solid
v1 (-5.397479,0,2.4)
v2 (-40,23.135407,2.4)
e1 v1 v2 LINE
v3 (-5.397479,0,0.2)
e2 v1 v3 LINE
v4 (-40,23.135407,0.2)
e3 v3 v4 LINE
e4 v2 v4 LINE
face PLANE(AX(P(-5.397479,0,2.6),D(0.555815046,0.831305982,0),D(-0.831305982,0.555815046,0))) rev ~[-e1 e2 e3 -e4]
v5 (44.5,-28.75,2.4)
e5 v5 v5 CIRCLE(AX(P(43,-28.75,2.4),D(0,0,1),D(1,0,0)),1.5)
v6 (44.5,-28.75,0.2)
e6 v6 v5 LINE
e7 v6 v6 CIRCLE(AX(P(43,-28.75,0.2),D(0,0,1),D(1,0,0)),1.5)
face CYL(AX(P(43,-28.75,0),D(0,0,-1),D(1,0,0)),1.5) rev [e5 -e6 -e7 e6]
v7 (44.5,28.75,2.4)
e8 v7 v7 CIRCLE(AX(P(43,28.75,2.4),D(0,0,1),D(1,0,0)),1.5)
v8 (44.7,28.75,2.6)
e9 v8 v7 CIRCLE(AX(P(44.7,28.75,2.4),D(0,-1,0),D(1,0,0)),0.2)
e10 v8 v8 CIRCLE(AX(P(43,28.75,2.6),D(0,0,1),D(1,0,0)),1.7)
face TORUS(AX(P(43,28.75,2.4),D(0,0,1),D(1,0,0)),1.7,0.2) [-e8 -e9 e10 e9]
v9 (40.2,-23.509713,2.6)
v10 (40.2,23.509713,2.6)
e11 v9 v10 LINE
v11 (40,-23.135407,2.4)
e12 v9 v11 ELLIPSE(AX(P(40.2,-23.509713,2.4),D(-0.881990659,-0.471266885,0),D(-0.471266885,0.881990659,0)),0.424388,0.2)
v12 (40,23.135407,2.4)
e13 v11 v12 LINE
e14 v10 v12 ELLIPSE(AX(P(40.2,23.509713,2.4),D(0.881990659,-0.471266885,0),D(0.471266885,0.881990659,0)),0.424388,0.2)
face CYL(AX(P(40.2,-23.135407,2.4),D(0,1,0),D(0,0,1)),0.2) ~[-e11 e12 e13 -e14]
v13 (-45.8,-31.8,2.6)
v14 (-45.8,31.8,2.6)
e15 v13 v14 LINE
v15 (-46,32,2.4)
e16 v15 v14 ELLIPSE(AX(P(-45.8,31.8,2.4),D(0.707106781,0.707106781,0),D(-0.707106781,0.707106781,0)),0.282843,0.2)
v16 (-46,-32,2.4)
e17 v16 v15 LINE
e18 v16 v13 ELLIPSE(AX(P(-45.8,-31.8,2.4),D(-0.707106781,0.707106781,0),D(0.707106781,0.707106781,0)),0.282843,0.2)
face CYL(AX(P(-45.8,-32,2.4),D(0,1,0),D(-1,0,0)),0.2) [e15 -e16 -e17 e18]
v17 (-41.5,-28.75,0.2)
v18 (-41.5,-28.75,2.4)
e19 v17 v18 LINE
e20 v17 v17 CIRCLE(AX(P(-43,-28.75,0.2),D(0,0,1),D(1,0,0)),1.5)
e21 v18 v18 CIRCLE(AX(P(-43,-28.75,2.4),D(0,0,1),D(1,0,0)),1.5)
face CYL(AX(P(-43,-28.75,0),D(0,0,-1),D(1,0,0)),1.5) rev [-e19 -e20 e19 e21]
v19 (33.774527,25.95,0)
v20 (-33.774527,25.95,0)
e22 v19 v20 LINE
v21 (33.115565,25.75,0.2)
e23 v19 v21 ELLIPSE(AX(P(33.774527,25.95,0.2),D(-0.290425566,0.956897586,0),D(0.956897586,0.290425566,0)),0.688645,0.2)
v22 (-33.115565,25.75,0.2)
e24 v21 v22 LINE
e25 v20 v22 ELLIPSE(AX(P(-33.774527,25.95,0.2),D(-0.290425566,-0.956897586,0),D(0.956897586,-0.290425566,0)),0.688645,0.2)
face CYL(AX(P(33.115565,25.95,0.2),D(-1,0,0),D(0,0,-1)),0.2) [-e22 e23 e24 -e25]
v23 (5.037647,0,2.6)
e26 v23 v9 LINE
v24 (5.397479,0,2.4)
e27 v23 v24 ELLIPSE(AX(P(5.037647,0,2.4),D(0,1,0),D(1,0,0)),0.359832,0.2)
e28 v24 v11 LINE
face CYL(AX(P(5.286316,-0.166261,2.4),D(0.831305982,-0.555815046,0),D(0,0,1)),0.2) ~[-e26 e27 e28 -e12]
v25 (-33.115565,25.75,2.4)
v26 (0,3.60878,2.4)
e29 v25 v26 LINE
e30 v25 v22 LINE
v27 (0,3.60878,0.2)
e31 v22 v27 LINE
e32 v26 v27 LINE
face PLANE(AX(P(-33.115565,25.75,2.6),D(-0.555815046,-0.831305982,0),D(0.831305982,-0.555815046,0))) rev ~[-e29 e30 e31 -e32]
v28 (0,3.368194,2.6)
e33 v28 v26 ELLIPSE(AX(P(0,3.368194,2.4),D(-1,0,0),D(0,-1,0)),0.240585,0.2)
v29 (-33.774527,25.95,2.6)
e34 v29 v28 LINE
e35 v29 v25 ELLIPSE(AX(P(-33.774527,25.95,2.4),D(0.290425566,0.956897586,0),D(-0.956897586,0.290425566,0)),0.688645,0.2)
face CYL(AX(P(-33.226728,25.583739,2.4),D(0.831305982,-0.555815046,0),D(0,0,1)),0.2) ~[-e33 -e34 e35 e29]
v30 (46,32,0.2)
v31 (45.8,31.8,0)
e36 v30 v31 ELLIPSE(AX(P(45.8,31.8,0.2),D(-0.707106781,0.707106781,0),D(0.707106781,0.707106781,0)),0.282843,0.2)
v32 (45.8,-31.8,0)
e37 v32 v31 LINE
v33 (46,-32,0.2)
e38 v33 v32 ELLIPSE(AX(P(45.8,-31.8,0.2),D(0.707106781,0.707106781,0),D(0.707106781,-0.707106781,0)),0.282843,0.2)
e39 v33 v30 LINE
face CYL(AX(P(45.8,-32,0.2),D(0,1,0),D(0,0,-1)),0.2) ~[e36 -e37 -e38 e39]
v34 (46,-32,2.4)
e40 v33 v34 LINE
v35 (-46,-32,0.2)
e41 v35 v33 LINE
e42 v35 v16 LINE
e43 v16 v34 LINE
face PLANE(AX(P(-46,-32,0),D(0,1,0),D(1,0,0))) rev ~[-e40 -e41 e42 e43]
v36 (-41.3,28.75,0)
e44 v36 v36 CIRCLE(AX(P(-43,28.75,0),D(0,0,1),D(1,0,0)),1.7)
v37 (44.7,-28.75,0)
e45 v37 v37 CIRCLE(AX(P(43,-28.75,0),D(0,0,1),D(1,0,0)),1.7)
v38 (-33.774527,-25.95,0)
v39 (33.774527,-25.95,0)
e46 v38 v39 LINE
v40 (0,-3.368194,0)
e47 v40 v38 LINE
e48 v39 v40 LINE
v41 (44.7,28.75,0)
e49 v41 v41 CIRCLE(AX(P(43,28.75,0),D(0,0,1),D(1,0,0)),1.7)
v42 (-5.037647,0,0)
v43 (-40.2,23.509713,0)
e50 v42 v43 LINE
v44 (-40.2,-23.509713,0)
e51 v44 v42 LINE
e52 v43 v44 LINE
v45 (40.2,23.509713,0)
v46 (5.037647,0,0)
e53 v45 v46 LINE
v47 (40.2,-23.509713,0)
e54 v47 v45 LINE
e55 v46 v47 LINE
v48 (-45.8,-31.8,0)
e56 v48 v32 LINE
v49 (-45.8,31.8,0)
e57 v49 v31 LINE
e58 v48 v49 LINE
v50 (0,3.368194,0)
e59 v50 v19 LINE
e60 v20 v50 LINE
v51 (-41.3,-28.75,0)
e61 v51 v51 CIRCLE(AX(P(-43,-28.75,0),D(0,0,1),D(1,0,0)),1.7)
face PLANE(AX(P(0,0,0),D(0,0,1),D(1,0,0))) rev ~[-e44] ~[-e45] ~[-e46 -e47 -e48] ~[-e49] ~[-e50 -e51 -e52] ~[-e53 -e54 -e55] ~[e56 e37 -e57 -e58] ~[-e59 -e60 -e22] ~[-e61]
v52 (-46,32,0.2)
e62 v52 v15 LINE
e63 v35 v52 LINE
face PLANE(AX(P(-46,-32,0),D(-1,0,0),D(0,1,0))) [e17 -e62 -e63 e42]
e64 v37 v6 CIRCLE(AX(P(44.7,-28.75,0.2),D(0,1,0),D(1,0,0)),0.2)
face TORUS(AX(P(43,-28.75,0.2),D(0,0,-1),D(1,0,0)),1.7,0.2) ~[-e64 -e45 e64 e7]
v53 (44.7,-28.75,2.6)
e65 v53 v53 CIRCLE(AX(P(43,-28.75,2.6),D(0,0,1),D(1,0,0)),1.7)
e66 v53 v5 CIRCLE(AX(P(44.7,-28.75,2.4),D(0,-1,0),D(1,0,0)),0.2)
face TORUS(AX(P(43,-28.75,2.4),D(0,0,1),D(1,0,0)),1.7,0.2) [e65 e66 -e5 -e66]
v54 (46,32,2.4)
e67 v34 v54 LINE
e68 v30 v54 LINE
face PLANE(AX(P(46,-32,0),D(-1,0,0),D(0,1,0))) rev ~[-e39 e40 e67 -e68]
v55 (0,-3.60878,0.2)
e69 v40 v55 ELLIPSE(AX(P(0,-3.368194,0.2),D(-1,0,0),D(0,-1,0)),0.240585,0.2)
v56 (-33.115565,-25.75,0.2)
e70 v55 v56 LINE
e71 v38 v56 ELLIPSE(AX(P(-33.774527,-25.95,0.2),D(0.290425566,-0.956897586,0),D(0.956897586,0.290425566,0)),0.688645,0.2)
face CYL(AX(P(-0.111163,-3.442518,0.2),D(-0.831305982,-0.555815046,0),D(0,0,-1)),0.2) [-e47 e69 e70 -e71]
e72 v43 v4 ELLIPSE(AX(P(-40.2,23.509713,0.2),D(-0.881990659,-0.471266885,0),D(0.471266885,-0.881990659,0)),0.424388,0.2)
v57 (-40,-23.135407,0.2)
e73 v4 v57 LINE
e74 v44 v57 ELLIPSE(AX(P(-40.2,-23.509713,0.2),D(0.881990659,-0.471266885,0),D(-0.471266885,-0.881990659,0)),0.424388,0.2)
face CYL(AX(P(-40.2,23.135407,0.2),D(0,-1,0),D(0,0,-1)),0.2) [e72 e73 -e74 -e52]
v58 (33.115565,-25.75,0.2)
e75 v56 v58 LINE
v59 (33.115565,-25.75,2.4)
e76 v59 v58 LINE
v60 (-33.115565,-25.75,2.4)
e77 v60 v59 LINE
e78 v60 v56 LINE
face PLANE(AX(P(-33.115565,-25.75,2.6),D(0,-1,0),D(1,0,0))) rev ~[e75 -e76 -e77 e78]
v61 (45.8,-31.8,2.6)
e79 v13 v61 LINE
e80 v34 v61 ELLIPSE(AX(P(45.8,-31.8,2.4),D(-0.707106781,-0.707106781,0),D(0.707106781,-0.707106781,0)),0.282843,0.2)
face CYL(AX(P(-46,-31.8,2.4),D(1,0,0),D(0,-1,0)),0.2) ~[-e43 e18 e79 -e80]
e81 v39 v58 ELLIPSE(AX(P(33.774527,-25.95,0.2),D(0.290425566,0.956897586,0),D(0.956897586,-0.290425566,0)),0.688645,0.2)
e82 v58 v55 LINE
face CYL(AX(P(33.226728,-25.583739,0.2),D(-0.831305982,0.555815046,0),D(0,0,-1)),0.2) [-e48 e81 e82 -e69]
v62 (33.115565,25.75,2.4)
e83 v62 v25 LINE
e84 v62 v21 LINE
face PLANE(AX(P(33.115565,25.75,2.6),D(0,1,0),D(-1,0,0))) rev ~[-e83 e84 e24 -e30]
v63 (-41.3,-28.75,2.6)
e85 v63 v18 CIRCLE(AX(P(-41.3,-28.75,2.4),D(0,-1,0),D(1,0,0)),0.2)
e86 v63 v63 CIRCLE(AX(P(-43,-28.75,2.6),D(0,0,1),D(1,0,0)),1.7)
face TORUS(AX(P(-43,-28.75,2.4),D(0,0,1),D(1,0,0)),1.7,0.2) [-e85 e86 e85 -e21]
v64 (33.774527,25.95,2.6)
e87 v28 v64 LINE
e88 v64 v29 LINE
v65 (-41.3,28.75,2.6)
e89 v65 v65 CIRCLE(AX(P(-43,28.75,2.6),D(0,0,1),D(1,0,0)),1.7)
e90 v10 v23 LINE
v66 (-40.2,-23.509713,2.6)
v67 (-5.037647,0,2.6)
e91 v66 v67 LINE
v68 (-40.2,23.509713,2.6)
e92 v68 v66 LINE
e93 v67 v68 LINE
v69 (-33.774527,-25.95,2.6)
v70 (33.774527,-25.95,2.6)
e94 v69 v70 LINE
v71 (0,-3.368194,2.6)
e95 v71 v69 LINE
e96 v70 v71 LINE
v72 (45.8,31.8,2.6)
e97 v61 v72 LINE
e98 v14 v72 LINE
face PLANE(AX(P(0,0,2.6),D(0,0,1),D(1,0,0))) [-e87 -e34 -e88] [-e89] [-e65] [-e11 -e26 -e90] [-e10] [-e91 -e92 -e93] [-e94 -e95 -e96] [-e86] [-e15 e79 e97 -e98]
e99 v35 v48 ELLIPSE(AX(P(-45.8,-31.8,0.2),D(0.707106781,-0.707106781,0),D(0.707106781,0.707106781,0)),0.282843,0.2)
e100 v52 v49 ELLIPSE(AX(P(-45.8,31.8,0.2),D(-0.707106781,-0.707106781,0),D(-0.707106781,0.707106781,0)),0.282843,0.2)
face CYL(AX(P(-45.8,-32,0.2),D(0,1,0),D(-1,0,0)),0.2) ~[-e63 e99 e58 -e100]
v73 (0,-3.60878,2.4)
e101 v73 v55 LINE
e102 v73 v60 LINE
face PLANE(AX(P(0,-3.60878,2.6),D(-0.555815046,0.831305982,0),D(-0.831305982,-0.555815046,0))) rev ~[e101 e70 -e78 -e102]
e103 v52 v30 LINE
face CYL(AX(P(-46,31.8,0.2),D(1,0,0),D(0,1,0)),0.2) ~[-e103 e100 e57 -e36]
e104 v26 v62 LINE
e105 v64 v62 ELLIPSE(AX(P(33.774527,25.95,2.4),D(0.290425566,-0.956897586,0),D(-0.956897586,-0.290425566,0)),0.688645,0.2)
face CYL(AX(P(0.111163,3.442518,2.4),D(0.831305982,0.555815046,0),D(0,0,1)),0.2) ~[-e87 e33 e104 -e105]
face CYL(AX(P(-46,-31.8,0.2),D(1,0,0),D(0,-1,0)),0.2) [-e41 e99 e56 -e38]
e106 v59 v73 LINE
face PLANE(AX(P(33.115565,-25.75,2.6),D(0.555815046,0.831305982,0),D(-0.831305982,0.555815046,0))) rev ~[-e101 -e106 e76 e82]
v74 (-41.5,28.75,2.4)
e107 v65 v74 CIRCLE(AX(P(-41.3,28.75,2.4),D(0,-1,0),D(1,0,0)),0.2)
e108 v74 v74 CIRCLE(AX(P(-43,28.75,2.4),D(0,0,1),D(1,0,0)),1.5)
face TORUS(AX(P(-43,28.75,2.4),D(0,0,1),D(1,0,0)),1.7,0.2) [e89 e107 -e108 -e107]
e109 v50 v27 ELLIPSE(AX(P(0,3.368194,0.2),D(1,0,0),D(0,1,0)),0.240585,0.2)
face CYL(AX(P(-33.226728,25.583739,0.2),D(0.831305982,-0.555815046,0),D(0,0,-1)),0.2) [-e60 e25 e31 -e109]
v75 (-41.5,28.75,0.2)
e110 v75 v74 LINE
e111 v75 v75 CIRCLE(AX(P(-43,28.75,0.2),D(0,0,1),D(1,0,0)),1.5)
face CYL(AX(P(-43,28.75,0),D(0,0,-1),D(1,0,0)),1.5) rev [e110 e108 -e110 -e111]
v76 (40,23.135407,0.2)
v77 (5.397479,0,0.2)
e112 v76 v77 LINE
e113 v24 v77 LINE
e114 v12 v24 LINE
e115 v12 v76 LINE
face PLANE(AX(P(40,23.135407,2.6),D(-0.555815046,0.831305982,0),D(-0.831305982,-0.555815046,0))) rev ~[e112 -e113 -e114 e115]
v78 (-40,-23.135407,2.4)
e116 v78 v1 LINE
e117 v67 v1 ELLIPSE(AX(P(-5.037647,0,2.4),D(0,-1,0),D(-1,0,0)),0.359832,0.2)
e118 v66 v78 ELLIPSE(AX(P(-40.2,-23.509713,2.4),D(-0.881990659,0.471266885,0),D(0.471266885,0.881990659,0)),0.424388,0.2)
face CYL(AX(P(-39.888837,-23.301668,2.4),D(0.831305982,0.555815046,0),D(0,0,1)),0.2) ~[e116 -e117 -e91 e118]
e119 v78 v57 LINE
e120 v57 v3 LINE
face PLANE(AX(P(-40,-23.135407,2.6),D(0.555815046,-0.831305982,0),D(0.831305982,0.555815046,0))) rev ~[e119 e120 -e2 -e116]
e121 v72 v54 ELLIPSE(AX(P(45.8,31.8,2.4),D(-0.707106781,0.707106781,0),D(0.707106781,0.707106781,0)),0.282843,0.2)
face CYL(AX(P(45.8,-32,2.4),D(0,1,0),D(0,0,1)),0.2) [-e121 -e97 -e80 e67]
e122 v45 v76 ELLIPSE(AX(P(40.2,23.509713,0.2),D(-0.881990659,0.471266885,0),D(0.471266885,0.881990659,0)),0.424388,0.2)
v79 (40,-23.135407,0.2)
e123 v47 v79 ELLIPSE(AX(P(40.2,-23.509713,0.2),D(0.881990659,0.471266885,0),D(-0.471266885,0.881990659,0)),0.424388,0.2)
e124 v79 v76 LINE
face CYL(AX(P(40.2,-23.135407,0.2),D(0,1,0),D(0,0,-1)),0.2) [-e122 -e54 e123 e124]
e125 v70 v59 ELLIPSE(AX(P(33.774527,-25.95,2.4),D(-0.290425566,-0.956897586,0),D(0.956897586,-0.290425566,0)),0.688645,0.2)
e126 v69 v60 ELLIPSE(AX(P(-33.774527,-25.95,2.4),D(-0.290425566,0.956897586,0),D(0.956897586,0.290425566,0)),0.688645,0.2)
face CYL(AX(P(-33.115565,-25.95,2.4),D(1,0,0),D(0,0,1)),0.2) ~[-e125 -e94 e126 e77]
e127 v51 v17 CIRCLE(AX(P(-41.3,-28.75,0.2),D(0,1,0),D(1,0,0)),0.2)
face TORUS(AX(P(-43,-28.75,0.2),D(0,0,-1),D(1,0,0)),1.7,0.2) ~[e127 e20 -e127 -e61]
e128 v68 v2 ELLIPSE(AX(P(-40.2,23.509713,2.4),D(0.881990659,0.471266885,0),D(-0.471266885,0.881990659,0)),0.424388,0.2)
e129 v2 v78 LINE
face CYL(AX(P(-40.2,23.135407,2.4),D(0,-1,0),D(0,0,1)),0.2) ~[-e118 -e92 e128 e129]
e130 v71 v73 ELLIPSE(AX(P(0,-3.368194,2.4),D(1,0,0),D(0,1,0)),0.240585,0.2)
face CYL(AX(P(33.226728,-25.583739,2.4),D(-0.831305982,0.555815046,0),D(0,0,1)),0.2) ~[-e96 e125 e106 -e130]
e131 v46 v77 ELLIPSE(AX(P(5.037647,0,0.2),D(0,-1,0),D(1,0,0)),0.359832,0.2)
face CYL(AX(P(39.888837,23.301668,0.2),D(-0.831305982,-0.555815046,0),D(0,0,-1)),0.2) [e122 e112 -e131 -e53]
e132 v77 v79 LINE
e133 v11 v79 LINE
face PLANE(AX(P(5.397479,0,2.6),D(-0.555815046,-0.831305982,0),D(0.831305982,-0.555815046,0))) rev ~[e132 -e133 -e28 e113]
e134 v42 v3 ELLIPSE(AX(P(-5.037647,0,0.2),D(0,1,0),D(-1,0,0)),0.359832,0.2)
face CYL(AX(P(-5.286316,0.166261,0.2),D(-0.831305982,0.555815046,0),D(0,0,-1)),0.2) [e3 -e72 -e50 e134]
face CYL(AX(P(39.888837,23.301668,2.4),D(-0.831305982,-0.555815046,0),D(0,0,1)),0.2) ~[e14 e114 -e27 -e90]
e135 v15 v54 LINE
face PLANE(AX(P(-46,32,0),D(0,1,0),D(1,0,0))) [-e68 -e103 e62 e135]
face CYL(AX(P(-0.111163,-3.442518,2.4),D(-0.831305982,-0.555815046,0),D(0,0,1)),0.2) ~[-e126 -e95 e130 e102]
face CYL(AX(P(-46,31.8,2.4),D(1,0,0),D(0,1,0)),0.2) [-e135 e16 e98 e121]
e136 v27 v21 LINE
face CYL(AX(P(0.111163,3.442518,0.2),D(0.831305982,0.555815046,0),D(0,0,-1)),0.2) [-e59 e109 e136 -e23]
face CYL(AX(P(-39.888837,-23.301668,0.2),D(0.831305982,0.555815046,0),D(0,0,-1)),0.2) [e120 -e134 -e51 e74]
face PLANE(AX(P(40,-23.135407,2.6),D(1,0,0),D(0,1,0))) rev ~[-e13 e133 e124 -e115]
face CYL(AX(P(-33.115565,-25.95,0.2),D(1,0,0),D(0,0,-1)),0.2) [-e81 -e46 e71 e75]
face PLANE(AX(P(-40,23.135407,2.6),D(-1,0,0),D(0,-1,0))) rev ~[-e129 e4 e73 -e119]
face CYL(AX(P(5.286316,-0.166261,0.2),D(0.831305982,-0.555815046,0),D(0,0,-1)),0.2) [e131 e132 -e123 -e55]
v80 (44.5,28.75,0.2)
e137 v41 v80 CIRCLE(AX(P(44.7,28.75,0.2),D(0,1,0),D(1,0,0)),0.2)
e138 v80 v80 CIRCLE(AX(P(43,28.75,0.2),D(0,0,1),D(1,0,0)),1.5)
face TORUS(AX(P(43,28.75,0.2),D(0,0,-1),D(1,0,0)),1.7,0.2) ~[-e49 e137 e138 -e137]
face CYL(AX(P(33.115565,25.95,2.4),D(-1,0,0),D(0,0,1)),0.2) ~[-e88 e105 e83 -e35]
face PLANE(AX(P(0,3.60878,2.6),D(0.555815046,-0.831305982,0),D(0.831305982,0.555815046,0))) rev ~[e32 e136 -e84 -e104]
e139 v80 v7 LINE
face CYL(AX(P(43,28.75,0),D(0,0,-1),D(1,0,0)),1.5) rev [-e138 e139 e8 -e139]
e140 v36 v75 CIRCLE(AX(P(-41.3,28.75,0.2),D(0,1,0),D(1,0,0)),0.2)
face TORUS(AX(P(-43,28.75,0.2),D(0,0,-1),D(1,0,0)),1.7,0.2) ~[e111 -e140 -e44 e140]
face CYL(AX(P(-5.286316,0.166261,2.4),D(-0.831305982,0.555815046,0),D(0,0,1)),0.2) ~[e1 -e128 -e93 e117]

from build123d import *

# Parameters (mm, degrees)
SKETCH_1_W          = 92
SKETCH_1_H          = 64
SKETCH_1_R          = 1.5
EXTRUDE_1_DEPTH     = 2.6
CUT_EXTRUDE_1_DEPTH = 2.6
FILLET_1_R          = 0.2


with BuildPart() as part:
    # 草图1 → 凸台-拉伸1 (new body)
    with BuildSketch(Plane.XY):
        Rectangle(SKETCH_1_W, SKETCH_1_H)
        with Locations((-43, 28.75)):
            Circle(SKETCH_1_R, mode=Mode.SUBTRACT)
        with Locations((43, 28.75)):
            Circle(SKETCH_1_R, mode=Mode.SUBTRACT)
        with Locations((-43, -28.75)):
            Circle(SKETCH_1_R, mode=Mode.SUBTRACT)
        with Locations((43, -28.75)):
            Circle(SKETCH_1_R, mode=Mode.SUBTRACT)
    extrude(amount=EXTRUDE_1_DEPTH)

    # 草图2 → 切除-拉伸1 (cut)
    with BuildSketch(Plane.XY.offset(2.6)):
        Polygon((33.115564546, 25.75), (-33.115564546, 25.75), (0, 3.608779519), align=None)
        Polygon((-33.115564546, -25.75), (33.115564546, -25.75), (0, -3.608779519), align=None)
        Polygon((40, 23.135406528), (5.397478933, 0), (40, -23.135406528), align=None)
        Polygon((-5.397478933, 0), (-40, 23.135406528), (-40, -23.135406528), align=None)
    extrude(amount=-CUT_EXTRUDE_1_DEPTH, mode=Mode.SUBTRACT)

    # 圆角1
    fillet_1_edges = [part.edges().sort_by_distance(p)[0] for p in [
        (-44.5, 28.75, 0),
        (-44.5, 28.75, 2.6),
        (-46, 0, 2.6),
        (41.5, 28.75, 0),
        (41.5, 28.75, 2.6),
        (0, -32, 2.6),
        (-44.5, -28.75, 0),
        (-44.5, -28.75, 2.6),
        (41.5, -28.75, 0),
        (41.5, -28.75, 2.6),
        (40, 0, 2.6),
        (22.698739466, -11.567703264, 2.6),
        (22.698739466, 11.567703264, 2.6),
        (40, 0, 0),
        (22.698739466, -11.567703264, 0),
        (22.698739466, 11.567703264, 0),
        (0, -25.75, 0),
        (-16.557782273, -14.679389759, 0),
        (46, 0, 2.6),
        (0, -32, 0),
        (16.557782273, -14.679389759, 0),
        (0, -25.75, 2.6),
        (16.557782273, -14.679389759, 2.6),
        (-16.557782273, -14.679389759, 2.6),
        (-46, 0, 0),
        (-22.698739466, 11.567703264, 2.6),
        (-22.698739466, -11.567703264, 2.6),
        (-40, 0, 0),
        (-22.698739466, 11.567703264, 0),
        (-22.698739466, -11.567703264, 0),
        (-40, 0, 2.6),
        (0, 32, 0),
        (0, 25.75, 2.6),
        (16.557782273, 14.679389759, 0),
        (-16.557782273, 14.679389759, 0),
        (0, 25.75, 0),
        (-16.557782273, 14.679389759, 2.6),
        (16.557782273, 14.679389759, 2.6),
        (46, 0, 0),
        (0, 32, 2.6),
    ]]
    fillet(fillet_1_edges, radius=FILLET_1_R)


solid = part.part
